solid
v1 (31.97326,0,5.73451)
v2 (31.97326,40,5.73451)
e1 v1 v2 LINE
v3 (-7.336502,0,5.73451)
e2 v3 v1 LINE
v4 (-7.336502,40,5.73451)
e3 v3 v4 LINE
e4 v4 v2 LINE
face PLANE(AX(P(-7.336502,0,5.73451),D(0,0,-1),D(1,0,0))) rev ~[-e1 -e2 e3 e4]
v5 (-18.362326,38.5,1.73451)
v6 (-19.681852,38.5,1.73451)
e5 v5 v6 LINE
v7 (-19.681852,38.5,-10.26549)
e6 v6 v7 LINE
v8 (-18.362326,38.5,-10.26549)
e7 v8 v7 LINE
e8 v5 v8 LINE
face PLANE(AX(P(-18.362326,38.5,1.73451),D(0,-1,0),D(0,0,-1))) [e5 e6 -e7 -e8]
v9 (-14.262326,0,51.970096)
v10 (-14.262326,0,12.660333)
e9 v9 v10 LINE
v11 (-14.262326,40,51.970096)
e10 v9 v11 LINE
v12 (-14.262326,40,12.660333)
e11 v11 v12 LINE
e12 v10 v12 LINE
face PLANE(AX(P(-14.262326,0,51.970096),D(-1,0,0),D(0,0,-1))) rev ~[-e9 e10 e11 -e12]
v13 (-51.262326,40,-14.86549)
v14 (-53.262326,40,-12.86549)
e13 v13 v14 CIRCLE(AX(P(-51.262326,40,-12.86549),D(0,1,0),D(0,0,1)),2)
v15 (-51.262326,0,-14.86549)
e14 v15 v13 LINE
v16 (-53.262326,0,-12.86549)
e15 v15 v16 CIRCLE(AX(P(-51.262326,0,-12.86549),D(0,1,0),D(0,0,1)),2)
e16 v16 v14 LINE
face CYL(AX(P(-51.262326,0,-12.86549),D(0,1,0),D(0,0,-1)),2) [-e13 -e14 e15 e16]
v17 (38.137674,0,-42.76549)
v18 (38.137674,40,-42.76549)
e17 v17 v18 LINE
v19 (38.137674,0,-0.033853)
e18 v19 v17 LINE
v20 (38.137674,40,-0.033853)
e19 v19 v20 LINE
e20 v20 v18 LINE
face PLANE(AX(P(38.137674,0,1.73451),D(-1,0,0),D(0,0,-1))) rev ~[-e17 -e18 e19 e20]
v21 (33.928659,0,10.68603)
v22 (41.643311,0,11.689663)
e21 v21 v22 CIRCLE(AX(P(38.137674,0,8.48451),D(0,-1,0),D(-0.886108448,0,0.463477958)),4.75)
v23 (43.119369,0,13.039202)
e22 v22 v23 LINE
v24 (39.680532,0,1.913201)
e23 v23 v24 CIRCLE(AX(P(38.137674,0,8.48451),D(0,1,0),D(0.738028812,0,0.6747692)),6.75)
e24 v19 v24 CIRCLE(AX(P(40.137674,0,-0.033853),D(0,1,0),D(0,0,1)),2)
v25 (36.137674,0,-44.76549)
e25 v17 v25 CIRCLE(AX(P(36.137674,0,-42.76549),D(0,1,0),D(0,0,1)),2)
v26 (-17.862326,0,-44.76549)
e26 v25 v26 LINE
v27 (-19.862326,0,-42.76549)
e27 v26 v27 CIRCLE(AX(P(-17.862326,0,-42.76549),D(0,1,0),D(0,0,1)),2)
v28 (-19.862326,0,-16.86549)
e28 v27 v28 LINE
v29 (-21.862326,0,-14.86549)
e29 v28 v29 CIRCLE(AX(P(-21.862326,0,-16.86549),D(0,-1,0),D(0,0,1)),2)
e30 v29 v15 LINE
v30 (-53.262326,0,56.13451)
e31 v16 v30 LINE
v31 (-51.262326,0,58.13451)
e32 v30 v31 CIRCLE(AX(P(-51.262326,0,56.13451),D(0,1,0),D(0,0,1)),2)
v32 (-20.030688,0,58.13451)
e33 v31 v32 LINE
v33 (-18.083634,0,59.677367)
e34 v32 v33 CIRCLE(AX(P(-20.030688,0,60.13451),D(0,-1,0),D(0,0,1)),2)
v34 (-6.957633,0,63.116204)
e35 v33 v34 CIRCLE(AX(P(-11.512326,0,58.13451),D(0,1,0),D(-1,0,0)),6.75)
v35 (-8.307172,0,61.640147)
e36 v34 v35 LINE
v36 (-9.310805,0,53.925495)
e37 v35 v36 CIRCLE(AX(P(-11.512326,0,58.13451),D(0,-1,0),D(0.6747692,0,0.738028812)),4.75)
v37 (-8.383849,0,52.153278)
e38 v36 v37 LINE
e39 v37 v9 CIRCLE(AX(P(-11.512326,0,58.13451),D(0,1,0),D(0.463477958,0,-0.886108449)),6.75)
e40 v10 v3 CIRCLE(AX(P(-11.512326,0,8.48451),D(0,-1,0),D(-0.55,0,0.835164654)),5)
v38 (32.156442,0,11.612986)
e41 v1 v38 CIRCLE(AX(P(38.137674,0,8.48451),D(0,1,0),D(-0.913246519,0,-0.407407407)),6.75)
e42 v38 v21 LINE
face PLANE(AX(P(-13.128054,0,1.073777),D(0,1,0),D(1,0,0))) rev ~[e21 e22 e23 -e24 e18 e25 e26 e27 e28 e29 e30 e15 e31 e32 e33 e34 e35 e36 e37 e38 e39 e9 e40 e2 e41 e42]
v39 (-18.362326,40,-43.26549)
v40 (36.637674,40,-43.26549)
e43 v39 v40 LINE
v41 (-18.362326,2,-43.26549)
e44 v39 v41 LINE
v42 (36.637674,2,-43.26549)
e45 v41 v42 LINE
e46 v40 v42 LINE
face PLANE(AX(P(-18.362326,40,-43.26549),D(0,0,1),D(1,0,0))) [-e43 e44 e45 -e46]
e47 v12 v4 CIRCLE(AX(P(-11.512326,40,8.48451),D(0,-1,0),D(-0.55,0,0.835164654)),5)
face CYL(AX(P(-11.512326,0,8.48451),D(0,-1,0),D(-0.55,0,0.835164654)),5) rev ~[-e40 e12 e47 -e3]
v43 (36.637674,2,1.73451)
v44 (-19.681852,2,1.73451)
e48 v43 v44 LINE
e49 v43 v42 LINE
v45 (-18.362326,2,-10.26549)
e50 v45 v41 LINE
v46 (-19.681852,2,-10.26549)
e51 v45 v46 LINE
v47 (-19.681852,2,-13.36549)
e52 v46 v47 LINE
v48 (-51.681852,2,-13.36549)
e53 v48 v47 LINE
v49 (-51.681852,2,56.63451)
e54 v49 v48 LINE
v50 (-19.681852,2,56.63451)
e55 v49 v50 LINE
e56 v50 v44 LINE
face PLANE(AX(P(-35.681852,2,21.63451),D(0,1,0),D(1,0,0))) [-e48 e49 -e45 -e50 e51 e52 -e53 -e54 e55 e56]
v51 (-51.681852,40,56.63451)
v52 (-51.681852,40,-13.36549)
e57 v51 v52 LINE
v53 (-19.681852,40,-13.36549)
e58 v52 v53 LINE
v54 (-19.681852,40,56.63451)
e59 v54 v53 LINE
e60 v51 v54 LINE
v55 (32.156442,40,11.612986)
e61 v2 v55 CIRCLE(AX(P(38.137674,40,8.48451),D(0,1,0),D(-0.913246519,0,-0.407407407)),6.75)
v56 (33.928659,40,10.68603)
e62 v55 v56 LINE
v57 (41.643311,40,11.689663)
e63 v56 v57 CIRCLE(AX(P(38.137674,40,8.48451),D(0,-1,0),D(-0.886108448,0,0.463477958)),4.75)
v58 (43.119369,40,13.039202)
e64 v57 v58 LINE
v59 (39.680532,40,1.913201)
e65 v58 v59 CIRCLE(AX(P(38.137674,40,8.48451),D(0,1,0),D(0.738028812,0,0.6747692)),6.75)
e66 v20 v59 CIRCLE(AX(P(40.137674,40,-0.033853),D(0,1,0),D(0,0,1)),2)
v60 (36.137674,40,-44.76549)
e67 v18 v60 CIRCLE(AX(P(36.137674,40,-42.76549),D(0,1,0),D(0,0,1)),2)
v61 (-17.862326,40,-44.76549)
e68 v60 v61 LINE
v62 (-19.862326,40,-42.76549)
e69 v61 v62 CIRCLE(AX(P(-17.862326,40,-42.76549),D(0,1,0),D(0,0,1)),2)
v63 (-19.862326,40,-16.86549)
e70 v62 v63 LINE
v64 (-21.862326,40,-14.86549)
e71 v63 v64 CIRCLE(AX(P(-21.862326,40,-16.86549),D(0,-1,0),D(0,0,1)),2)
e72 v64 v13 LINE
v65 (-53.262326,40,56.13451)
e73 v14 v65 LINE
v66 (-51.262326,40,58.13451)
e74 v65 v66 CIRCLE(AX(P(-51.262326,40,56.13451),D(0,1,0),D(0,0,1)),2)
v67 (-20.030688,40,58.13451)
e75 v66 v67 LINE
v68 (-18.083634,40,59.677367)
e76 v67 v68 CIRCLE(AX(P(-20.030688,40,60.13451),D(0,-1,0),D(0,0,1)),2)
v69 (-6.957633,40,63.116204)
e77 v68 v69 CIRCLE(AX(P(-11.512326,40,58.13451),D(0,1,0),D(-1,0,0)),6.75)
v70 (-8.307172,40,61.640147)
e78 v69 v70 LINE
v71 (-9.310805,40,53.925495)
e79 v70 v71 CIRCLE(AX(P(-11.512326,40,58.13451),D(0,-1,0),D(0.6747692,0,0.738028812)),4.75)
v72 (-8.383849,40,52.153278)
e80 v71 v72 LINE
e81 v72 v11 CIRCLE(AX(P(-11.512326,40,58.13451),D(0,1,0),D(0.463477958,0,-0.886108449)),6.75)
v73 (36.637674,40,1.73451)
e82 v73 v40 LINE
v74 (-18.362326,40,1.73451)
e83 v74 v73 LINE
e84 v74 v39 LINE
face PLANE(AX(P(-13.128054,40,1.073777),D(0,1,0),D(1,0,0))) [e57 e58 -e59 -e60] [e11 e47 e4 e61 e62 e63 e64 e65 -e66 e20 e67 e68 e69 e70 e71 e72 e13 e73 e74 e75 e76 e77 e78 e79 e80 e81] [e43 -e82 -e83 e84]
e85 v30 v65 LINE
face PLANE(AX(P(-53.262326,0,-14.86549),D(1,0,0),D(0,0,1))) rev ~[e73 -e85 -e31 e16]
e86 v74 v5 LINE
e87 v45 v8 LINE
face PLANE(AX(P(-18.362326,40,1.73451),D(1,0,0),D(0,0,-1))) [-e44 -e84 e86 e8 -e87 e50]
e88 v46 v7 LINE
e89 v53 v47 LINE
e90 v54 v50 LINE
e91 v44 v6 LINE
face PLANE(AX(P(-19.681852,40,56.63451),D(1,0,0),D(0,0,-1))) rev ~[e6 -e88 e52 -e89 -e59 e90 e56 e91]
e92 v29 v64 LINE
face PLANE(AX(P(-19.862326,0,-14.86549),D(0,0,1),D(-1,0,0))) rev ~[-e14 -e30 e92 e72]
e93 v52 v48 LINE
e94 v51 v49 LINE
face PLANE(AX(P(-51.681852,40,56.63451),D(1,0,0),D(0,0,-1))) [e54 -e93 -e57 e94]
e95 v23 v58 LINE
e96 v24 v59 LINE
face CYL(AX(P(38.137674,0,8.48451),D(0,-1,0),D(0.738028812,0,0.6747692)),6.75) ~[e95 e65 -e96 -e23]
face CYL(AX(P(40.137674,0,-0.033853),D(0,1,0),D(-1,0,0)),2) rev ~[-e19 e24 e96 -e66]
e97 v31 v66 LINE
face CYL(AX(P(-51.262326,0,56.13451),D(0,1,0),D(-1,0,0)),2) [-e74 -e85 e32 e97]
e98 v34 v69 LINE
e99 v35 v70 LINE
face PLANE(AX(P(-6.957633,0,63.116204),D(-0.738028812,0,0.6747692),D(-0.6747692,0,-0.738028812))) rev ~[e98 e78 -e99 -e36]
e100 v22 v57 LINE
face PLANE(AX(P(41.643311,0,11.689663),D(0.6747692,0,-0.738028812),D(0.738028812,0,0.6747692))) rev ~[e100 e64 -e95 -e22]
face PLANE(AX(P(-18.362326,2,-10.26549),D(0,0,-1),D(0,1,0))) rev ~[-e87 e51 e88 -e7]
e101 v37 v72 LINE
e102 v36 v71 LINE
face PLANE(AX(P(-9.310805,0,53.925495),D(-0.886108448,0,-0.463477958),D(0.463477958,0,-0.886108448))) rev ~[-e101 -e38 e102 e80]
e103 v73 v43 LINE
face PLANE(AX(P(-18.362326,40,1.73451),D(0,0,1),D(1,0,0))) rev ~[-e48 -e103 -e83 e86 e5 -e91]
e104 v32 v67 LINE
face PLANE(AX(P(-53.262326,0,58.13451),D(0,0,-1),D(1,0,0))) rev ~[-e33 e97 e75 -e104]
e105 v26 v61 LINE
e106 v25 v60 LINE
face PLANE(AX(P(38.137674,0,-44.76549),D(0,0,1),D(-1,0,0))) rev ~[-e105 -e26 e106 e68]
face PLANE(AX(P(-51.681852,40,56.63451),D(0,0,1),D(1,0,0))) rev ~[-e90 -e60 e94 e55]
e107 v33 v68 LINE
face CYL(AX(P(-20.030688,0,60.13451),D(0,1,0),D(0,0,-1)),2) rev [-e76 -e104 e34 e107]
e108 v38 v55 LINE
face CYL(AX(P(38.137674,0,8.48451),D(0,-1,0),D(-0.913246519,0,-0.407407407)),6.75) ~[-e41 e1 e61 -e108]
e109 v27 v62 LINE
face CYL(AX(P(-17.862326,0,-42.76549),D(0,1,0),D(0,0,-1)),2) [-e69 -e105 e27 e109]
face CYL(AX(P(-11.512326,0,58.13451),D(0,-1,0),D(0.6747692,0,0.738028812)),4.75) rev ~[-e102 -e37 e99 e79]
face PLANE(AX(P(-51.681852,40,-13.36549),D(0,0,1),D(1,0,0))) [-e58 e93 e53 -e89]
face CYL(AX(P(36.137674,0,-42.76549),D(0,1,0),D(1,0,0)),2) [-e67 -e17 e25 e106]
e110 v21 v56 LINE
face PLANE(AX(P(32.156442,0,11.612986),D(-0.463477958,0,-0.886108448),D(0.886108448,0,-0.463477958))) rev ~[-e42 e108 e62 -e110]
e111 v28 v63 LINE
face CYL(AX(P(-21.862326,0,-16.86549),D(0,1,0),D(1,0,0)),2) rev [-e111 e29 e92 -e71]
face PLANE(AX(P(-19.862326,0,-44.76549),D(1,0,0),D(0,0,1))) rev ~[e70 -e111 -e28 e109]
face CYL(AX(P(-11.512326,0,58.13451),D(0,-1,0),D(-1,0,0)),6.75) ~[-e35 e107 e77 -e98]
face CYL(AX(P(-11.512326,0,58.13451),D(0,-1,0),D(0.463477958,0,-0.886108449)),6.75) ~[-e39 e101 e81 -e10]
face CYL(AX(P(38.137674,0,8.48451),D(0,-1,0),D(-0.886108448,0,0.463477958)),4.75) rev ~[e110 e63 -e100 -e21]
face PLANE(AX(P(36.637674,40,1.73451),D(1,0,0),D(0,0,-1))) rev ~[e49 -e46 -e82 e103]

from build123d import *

# Parameters (mm, degrees)
BOSS_EXTRUDE1_DEPTH = 40
BOSS_EXTRUDE6_DEPTH = 40
CUT_EXTRUDE1_START  = 40
SKETCH9_W           = 55
SKETCH9_H           = 45
CUT_EXTRUDE1_DEPTH  = 38
CUT_EXTRUDE3_START  = 40
SKETCH10_W          = 32
SKETCH10_H          = 70
CUT_EXTRUDE3_DEPTH  = 38
FILLET4_R           = 2
SKETCH11_W          = 12
SKETCH11_H          = 36.5
CUT_EXTRUDE4_DEPTH  = 5


with BuildPart() as part:
    # Sketch1 → Boss-Extrude1 (new body)
    with BuildSketch(Plane(origin=(0, 0, 0), x_dir=(1, 0, 0), z_dir=(0, 1, 0))):
        with BuildLine():
            Line((38.137674452, -1.734509714), (-11.512325548, -1.734509714))
            ThreePointArc((-11.512325548, -1.734509714), (-16.285296321, -3.711538941), (-18.262325548, -8.484509714))
            Line((-18.262325548, -8.484509714), (-18.262325548, -58.134509714))
            ThreePointArc((-18.262325548, -58.134509714), (-14.234303537, -64.311348374), (-6.957633451, -63.116204195))
            Line((-6.957633451, -63.116204195), (-8.30717185, -61.640146571))
            ThreePointArc((-8.30717185, -61.640146571), (-16.222632836, -58.747294544), (-9.310805247, -53.925494584))
            Line((-9.310805247, -53.925494584), (-8.383849331, -52.153277687))
            ThreePointArc((-8.383849331, -52.153277687), (-11.302087657, -51.387784581), (-14.262325548, -51.970095711))
            Line((-14.262325548, -51.970095711), (-14.262325548, -12.660332986))
            ThreePointArc((-14.262325548, -12.660332986), (-15.047859454, -4.948975808), (-7.336502276, -5.734509714))
            Line((-7.336502276, -5.734509714), (31.973260449, -5.734509714))
            ThreePointArc((31.973260449, -5.734509714), (31.390949319, -8.694747605), (32.156442425, -11.612985931))
            Line((32.156442425, -11.612985931), (33.928659322, -10.686030015))
            ThreePointArc((33.928659322, -10.686030015), (38.750459282, -3.774202426), (41.643311309, -11.689663412))
            Line((41.643311309, -11.689663412), (43.119368933, -13.039201811))
            ThreePointArc((43.119368933, -13.039201811), (44.314513112, -5.762531725), (38.137674452, -1.734509714))
        make_face()
    extrude(amount=BOSS_EXTRUDE1_DEPTH)

    # Sketch8 → Boss-Extrude6 (add)
    with BuildSketch(Plane(origin=(0, 0, 0), x_dir=(1, 0, 0), z_dir=(0, 1, 0))):
        with BuildLine():
            Line((-18.262325548, -58.134509714), (-18.262325548, -8.484509714))
            ThreePointArc((-18.262325548, -8.484509714), (-16.285296321, -3.711538941), (-11.512325548, -1.734509714))
            Line((-11.512325548, -1.734509714), (38.137674452, -1.734509714))
            Line((38.137674452, -1.734509714), (38.137674452, 44.765490286))
            Line((38.137674452, 44.765490286), (-19.862325548, 44.765490286))
            Line((-19.862325548, 44.765490286), (-19.862325548, 14.865490286))
            Line((-19.862325548, 14.865490286), (-53.262325548, 14.865490286))
            Line((-53.262325548, 14.865490286), (-53.262325548, -58.134509714))
            Line((-53.262325548, -58.134509714), (-18.262325548, -58.134509714))
        make_face()
    extrude(amount=BOSS_EXTRUDE6_DEPTH)

    # Sketch9 → Cut-Extrude1 (cut)
    with BuildSketch(Plane(origin=(0, 0, 0), x_dir=(1, 0, 0), z_dir=(0, 1, 0)).offset(CUT_EXTRUDE1_START)):
        with Locations((9.137674452, 20.765490286)):
            Rectangle(SKETCH9_W, SKETCH9_H)
    extrude(amount=-CUT_EXTRUDE1_DEPTH, mode=Mode.SUBTRACT)

    # Sketch10 → Cut-Extrude3 (cut)
    with BuildSketch(Plane(origin=(0, 0, 0), x_dir=(1, 0, 0), z_dir=(0, 1, 0)).offset(CUT_EXTRUDE3_START)):
        with Locations((-35.681852139, -21.634509714)):
            Rectangle(SKETCH10_W, SKETCH10_H)
    extrude(amount=-CUT_EXTRUDE3_DEPTH, mode=Mode.SUBTRACT)

    # Fillet4
    fillet4_edges = [part.edges().sort_by_distance(p)[0] for p in [
        (-18.262325548, 20, 58.134509714),
        (38.137674452, 20, 1.734509714),
        (38.137674452, 20, -44.765490286),
        (-19.862325548, 20, -44.765490286),
        (-19.862325548, 20, -14.865490286),
        (-53.262325548, 20, -14.865490286),
        (-53.262325548, 20, 58.134509714),
    ]]
    fillet(fillet4_edges, radius=FILLET4_R)

    # Sketch11 → Cut-Extrude4 (cut)
    with BuildSketch(Plane(origin=(-18.362325548, 0, 0), x_dir=(0, 0, -1), z_dir=(1, 0, 0))):
        with Locations((4.265490286, 20.25)):
            Rectangle(SKETCH11_W, SKETCH11_H)
    extrude(amount=-CUT_EXTRUDE4_DEPTH, mode=Mode.SUBTRACT)


solid = part.part
